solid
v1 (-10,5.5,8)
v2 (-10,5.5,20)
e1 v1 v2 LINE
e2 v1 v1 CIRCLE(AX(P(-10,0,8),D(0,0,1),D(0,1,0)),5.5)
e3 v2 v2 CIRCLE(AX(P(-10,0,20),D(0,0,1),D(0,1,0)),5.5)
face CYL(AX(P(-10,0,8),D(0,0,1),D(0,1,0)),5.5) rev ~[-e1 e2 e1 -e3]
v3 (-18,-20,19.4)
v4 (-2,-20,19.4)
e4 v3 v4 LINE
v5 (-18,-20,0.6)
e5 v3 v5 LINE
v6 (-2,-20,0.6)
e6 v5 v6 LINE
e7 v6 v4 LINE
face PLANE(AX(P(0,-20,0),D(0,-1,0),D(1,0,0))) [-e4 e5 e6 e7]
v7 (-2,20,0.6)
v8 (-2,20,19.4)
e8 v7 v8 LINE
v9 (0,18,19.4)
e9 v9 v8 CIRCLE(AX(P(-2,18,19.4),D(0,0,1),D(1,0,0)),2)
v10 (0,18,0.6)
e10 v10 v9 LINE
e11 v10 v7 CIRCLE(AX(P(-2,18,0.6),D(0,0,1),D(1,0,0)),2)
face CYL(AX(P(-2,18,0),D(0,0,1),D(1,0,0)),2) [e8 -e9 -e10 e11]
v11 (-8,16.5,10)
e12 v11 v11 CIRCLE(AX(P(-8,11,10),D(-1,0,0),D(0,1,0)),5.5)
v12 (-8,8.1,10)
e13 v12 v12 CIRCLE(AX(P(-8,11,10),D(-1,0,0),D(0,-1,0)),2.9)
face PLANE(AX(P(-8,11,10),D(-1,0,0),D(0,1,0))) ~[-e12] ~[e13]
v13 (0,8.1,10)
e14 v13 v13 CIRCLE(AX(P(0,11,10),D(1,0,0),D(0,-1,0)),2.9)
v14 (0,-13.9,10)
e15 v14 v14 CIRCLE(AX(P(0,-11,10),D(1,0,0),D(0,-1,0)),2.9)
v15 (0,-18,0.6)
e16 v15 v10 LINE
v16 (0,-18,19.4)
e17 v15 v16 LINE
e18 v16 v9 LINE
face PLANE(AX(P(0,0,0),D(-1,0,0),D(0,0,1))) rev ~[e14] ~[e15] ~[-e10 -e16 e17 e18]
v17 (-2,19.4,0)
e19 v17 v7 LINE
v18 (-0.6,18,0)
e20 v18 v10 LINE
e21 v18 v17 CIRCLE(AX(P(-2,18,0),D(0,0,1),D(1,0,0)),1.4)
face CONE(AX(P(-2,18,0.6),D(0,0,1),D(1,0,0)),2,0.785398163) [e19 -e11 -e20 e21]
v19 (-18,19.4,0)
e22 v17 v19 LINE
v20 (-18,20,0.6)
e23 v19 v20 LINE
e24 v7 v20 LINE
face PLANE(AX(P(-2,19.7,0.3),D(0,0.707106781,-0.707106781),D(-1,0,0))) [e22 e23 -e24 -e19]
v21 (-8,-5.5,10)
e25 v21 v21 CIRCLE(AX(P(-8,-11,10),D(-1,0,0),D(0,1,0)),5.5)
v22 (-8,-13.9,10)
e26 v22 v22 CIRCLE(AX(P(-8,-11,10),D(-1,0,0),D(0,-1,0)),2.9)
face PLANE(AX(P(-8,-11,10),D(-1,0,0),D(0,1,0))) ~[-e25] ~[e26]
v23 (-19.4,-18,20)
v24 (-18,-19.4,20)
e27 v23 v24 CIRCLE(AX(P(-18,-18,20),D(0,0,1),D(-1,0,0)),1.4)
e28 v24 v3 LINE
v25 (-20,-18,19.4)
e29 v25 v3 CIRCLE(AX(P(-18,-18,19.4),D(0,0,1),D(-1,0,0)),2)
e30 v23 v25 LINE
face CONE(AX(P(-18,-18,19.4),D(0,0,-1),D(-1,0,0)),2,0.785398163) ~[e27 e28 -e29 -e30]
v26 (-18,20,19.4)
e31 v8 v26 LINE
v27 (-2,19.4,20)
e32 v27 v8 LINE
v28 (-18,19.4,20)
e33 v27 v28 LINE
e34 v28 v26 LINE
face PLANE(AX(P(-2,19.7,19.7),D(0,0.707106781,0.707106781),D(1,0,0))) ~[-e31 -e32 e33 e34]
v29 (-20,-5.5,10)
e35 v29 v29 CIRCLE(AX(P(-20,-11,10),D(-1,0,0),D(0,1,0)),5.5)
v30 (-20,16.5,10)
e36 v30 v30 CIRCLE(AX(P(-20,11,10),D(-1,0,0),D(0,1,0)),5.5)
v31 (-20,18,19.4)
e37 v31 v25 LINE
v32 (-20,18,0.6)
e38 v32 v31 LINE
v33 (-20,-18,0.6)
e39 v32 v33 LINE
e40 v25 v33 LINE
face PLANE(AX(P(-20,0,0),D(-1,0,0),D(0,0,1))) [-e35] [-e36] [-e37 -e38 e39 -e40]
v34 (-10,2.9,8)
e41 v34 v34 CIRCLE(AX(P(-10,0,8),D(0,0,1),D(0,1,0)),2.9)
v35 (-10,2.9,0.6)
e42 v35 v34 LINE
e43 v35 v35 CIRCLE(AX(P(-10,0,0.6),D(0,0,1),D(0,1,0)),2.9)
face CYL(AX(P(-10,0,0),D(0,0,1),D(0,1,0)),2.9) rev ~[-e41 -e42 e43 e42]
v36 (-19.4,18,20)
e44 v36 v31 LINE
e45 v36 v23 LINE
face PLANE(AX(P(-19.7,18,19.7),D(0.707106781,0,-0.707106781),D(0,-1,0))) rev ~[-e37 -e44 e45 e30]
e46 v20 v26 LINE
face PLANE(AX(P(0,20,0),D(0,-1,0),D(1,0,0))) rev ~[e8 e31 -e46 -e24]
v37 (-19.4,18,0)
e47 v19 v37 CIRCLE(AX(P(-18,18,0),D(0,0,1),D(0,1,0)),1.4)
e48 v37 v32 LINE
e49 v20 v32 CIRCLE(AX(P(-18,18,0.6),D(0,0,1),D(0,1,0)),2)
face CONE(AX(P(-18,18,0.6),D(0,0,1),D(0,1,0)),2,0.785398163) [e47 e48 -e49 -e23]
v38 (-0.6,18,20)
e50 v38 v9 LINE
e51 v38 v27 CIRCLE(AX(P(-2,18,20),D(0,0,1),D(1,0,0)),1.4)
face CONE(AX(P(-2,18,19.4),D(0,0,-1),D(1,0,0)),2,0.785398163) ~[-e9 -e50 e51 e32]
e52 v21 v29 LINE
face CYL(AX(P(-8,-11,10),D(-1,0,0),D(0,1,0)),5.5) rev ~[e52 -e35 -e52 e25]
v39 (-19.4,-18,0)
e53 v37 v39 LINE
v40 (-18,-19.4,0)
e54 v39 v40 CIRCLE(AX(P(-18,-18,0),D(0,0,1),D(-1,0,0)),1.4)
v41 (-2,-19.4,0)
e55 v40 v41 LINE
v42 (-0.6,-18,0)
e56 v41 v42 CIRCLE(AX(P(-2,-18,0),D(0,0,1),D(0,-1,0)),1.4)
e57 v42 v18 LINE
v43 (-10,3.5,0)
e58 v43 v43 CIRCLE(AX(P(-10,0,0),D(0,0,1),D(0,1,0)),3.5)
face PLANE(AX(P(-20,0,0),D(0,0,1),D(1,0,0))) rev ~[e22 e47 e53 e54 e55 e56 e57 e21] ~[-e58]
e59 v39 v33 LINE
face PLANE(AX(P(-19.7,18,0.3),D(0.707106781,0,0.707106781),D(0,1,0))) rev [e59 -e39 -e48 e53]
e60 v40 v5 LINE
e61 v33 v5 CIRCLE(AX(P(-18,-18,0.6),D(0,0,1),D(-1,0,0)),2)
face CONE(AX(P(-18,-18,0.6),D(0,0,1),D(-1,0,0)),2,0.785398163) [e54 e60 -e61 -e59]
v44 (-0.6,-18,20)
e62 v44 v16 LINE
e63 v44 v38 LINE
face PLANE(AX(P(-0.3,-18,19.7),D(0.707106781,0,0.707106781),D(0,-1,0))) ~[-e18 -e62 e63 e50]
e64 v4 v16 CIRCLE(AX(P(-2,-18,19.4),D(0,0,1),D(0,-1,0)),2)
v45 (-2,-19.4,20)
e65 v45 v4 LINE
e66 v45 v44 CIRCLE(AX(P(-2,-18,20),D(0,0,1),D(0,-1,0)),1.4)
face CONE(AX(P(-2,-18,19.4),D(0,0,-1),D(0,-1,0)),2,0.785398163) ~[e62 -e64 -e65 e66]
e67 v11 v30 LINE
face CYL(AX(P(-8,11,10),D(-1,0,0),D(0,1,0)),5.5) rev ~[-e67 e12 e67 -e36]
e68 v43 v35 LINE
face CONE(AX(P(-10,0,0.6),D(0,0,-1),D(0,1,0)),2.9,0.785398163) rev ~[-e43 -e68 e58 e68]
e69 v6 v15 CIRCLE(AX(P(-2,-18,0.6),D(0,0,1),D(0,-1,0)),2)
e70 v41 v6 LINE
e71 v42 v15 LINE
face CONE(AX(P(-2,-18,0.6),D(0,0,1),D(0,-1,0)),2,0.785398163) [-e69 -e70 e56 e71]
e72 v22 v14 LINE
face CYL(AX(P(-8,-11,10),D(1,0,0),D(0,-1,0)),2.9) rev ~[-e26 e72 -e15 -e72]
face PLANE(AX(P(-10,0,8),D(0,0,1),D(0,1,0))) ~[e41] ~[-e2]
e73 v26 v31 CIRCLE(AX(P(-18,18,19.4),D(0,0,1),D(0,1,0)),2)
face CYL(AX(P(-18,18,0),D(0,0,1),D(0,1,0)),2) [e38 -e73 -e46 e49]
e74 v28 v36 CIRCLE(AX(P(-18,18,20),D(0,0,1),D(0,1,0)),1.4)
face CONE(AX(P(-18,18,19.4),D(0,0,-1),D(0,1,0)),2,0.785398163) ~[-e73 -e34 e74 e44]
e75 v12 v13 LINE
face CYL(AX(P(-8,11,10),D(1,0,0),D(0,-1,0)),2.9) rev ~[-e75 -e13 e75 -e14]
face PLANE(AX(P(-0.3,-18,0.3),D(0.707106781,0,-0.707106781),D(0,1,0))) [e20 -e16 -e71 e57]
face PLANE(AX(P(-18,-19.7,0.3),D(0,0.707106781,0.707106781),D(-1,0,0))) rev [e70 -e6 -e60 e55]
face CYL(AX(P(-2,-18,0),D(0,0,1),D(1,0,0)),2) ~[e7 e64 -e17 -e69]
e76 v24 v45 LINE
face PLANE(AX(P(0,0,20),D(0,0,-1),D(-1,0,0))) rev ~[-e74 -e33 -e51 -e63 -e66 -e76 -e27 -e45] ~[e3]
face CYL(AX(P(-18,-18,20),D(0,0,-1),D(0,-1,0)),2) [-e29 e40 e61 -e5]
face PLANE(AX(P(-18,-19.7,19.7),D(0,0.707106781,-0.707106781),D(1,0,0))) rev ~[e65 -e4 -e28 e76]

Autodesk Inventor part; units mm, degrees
ref_plane "YZ Plane" through (0, 0, 0) normal (1, 0, 0) x (0, 1, 0)
ref_plane "XZ Plane" through (0, 0, 0) normal (0, 1, 0) x (-1, 0, 0)
ref_plane "XY Plane" through (0, 0, 0) normal (0, 0, 1) x (1, 0, 0)
sketch "Sketch7" plane through (0, 0, 0) normal (0, 0, 1) x (1, 0, 0)
  line L0 (0, 0) -> (0, 20)
  line L1 (-20, 0) -> (0, 0)
  line L2 (-20, 8) -> (-8, 8)
  line L3 (-8, 8) -> (-8, 20)
  line L4 (-8, 8) -> (0, 0)
  line L5 (0, 20) -> (-8, 20)
  line L6 (-20, 0) -> (-20, 8)
  dimension "d40" = 20
  dimension "d43" = 45
  dimension "d44" = 8
extrude "Extrusion4" add sketch "Sketch7" along normal mid plane 40
sketch "Sketch8" plane through (-8, 8, 20) normal (-1, 0, 0) x (0, 0, 1)
  line L0 (-31, 2) -> (-9, 2) construction
  line L1 (-40, -8) -> (0, -8) projected
  point P0 (-20, -8)
  point P1 (-20, 2)
  point P2 (-20, -8)
  dimension "d45" = 10
  dimension "d53" = 22
hole "Hole3" at (-8, 10, -11) at (-8, 10, 11) direction (1, 0, 0) diameter 5.8 end through all
sketch "Sketch9" plane through (-20, 0, 20) normal (0, -1, 0) x (1, 0, 0)
  line L0 (20, 0) -> (20, -40) projected
  point P0 (20, -20)
  point P1 (10, -20)
  point P2 (20, -20)
  point P3 (20, -20)
  dimension "d54" = 10
hole "Hole4" at (-10, 0, 0) direction (0, 1, 0) diameter 5.8 end through all
sketch "Sketch10" plane through (0, 0, 0) normal (0, 0, 1) x (1, 0, 0)
  line L0 (0, 20) -> (0, 0) projected
  line L1 (0, 0) -> (-20, 0) projected
  line L2 (-20, 0) -> (-20, 20)
  line L3 (-20, 20) -> (0, 20)
  line L4 (0, 20) -> (0, 0) projected
  line L5 (0, 0) -> (-20, 0) projected
  line L6 (-20, 0) -> (-20, 8) projected
  line L7 (-20, 8) -> (-8, 8) projected
  line L8 (-8, 8) -> (-8, 20) projected
  line L9 (-8, 20) -> (0, 20) projected
extrude "Extrusion5" add sketch "Sketch10" along normal mid plane 40 contours L8 L7 L2 L3
sketch "Sketch11" plane through (-10, 8, 0) normal (0, -1, 0) x (0, 0, 1)
  circle A0 centre (0, 0) radius 2.9 projected
  point P0 (0, -10)
  point P1 (0, 0)
hole "Hole5" at (-10, 8, 0) direction (0, 1, 0) diameter 11 end through all
sketch "Sketch12" plane through (-8, 10, 11) normal (1, 0, 0) x (0, 0, -1)
  circle A0 centre (22, 0) radius 2.9 projected
  circle A1 centre (0, 0) radius 2.9 projected
  point P0 (11, -10)
hole "Hole6" at (-8, 10, -11) at (-8, 10, 11) direction (-1, 0, 0) diameter 11 end through all
fillet "Fillet4" radius 2 4 edges at (0, 10, 20) (-20, 10, 20) (0, 10, -20) (-20, 10, -20)
chamfer "Chamfer3" distance 0.6 angle 45 14 edges at (-20, 20, 0) (-10, 20, 20) (-0.5858, 20, 19.4142) (0, 20, 0) (-0.5858, 20, -19.4142) (-10, 20, -20) (-20, 0, 0) (-19.4142, 0, 19.4142) (-10, 0, 20) (-0.5858, 0, 19.4142) (0, 0, 0) (-0.5858, 0, -19.4142) (-10, 0, -20) (-19.4142, 0, -19.4142)
chamfer "Chamfer4" distance 0.6 angle 45 1 edges at (-10, 0, 2.9)
move or copy body "Move Body1" bodies to move or copy 1 copy no rotation origin (0, 0, 0) rotation axis (1, 0, 0) rotation angle 90
properties part number "2020-perp-connecdtor"
